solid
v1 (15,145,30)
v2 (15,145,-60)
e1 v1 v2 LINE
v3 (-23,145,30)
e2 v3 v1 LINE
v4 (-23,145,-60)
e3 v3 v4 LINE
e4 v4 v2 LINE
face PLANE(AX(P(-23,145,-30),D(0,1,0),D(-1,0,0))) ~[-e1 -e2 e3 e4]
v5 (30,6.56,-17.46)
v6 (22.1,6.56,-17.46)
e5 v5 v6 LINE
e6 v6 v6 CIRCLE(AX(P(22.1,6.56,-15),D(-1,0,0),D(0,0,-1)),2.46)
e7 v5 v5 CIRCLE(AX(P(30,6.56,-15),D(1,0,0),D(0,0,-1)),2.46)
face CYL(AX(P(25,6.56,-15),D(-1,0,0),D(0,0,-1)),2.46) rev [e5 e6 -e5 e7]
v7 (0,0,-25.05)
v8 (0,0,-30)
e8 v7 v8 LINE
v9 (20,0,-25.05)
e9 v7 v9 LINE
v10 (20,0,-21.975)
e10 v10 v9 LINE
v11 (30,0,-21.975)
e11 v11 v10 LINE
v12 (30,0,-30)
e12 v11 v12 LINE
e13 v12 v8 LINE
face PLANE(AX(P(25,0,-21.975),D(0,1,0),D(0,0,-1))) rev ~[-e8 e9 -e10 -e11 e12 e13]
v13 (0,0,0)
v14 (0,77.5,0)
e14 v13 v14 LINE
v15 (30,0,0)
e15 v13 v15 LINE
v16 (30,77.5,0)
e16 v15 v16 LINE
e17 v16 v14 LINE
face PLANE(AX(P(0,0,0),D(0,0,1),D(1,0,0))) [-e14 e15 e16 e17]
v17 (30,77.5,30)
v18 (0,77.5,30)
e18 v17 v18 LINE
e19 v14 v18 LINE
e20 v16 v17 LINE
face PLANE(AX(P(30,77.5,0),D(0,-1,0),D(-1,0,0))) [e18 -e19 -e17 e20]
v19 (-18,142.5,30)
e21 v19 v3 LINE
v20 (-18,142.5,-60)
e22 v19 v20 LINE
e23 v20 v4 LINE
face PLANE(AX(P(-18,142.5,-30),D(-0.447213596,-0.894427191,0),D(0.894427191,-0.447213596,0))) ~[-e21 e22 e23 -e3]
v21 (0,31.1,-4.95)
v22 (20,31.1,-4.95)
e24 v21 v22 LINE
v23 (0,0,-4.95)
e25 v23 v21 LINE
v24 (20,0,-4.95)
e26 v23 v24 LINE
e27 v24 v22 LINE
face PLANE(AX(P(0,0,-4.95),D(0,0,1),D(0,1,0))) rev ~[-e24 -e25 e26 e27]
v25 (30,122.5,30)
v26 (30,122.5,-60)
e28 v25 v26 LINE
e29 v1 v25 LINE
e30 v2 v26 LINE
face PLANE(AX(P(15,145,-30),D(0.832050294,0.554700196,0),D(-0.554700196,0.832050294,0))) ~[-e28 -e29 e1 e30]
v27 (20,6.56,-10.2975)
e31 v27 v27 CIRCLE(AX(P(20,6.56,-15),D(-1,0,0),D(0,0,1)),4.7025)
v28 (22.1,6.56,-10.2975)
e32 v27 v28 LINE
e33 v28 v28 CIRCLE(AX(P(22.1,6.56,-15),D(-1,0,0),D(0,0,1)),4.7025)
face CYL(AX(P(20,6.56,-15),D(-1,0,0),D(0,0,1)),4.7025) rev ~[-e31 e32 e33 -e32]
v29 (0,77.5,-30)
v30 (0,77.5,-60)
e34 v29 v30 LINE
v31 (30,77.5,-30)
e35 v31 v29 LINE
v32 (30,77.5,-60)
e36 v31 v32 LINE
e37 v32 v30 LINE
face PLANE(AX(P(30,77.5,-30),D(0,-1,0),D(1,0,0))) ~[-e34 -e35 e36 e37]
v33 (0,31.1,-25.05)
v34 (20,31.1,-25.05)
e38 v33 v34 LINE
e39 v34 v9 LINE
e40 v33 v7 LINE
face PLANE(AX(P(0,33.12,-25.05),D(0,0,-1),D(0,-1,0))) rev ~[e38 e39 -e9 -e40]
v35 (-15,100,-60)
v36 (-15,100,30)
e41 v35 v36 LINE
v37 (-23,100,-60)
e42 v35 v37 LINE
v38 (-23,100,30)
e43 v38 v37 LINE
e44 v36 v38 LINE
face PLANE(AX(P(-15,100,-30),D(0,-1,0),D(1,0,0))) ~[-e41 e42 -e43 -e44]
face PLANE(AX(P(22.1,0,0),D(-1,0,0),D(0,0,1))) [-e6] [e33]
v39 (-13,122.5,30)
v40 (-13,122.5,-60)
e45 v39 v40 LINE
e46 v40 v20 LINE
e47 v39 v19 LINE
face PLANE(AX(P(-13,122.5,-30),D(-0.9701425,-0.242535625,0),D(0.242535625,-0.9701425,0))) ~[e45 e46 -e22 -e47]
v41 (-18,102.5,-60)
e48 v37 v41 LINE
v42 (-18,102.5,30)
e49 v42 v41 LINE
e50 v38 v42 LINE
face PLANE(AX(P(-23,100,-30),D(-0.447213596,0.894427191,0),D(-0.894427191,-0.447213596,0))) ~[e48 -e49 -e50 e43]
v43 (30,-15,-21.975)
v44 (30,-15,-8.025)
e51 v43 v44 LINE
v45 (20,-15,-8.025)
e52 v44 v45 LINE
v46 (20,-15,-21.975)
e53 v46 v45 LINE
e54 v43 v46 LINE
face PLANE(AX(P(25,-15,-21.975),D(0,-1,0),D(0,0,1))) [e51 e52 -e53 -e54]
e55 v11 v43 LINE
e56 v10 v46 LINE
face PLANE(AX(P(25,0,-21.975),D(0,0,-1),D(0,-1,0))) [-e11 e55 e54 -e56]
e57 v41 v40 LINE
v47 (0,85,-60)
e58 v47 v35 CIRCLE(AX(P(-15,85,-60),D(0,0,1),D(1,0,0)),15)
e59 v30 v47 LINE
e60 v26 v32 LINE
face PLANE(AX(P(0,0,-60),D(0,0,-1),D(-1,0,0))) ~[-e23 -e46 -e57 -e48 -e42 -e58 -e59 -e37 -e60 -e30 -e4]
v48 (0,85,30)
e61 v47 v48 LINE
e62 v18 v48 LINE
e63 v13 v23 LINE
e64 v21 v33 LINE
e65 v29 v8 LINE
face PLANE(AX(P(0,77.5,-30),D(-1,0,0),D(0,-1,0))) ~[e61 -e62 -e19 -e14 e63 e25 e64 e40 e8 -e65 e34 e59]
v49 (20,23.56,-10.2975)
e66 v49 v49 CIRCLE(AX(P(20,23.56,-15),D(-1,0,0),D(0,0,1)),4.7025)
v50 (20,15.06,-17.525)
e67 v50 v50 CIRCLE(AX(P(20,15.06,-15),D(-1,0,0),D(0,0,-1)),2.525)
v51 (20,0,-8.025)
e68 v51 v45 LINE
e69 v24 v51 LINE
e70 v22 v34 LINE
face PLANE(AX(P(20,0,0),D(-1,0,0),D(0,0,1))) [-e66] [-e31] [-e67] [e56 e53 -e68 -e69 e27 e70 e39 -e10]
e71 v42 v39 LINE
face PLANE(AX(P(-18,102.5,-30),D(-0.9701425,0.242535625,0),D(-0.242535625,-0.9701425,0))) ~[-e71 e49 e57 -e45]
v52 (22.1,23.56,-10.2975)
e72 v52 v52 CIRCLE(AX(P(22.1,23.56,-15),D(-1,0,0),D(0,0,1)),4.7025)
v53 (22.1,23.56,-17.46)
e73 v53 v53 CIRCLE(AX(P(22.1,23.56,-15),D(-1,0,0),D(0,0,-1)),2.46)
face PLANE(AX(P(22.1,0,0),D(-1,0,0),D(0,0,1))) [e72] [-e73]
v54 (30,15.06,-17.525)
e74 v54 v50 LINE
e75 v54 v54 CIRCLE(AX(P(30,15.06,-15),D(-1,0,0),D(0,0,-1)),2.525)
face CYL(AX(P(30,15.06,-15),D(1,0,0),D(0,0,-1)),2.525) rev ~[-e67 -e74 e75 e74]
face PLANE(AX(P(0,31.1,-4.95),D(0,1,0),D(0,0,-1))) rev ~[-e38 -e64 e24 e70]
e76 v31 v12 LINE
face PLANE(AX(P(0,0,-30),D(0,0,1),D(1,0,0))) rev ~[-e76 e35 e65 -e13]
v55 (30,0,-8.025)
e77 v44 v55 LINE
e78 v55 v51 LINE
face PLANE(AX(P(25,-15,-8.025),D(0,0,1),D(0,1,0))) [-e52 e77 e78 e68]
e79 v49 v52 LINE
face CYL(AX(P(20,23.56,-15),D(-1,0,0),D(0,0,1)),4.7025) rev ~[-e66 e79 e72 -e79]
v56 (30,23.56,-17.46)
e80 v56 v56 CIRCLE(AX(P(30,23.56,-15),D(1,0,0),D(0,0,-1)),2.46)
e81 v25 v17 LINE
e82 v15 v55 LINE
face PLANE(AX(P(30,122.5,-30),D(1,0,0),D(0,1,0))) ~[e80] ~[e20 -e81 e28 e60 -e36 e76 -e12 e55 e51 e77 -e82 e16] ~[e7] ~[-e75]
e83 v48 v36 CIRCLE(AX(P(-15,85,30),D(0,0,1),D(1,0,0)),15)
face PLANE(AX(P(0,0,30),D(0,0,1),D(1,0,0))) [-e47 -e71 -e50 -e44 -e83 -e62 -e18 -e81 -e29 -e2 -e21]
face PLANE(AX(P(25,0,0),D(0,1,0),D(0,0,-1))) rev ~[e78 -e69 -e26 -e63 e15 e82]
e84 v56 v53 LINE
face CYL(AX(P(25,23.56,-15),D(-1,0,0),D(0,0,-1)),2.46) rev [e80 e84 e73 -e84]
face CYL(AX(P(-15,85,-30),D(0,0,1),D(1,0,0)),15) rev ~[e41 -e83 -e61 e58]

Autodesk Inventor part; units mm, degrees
ref_plane "YZ Plane" through (0, 0, 0) normal (1, 0, 0) x (0, 1, 0)
ref_plane "XZ Plane" through (0, 0, 0) normal (0, 1, 0) x (-1, 0, 0)
sketch "Sketch1" plane through (0, 0, 0) normal (0, 0, 1) x (1, 0, 0)
  line L0 (0, 0) -> (25, 0)
  line L1 (25, 0) -> (25, 40)
  line L2 (25, 40) -> (0, 40)
  line L3 (0, 40) -> (0, 0)
  dimension "d1" = 25
  dimension "d2" = 40
  dimension "d3" = 25
extrude "Extrusion1" add sketch "Sketch1" against normal blind 30
sketch "Sketch2" plane through (25, 0, 0) normal (1, 0, 0) x (0, 0, -1)
  line L0 (0, 0) -> (30, 0) projected
  circle A0 centre (15, 6.56) radius 2.46
extrude "Extrusion2" cut sketch "Sketch2" against normal blind 30
sketch "Sketch3" plane through (0, 0, 0) normal (-1, 0, 0) x (0, 0, 1)
  line L0 (0, 0) -> (-30, 0) projected
  line L1 (-25.05, 0) -> (-4.95, 0)
  line L2 (-4.95, 0) -> (-4.95, 33.12)
  line L3 (-4.95, 33.12) -> (-25.05, 33.12)
  line L4 (-25.05, 33.12) -> (-25.05, 0)
  dimension "d11" = 20.1
extrude "Extrusion3" cut sketch "Sketch3" against normal blind 20
sketch "Sketch4" plane through (0, 0, 0) normal (0, -1, 0) x (1, 0, 0)
  line L0 (20, -4.95) -> (20, -25.05) projected
  line L1 (20, -15) -> (25, -15)
  line L2 (25, 0) -> (25, -30) projected
  line L3 (20, -8.025) -> (25, -8.025)
  line L4 (25, -8.025) -> (25, -21.975)
  line L5 (25, -21.975) -> (20, -21.975)
  line L6 (20, -21.975) -> (20, -8.025)
  line L7 (20, -8.025) -> (25, -21.975) construction
  line L8 (25, -8.025) -> (20, -21.975) construction
  line L9 (25, -12.54) -> (25, -17.46) projected
  point P0 (0, 0)
  point P1 (22.5, -15)
  dimension "d14" = 13.95
extrude "Extrusion4" add sketch "Sketch4" along normal blind 15
sketch "Sketch5" plane through (20, 0, 0) normal (-1, 0, 0) x (0, 0, 1)
  circle A0 centre (-15, 6.56) radius 2.46 projected
  circle A1 centre (-15, 6.56) radius 4.7025
  circle A2 centre (-15, 6.56) radius 2.46 projected
  circle A3 centre (-15, 6.56) radius 2.46
  point P0 (0, 0)
  dimension "d17" = 9.405
extrude "Extrusion5" cut sketch "Sketch5" against normal blind 2.1
sketch "Sketch6" plane through (25, 0, 0) normal (1, 0, 0) x (0, 0, -1)
  circle A0 centre (15, 6.56) radius 4.7025 projected
  line L0 (15, 6.56) -> (15, 23.56)
  circle A1 centre (15, 23.56) radius 2.46
  point P0 (0, 0)
  dimension "d20" = 17
  dimension "d21" = 4.92
extrude "Extrusion6" cut sketch "Sketch6" against normal blind 10 contours A1
sketch "Sketch7" plane through (20, 0, 0) normal (-1, 0, 0) x (0, 0, 1)
  circle A0 centre (-15, 23.56) radius 2.46 projected
  circle A1 centre (-15, 23.56) radius 4.7025
  point P0 (0, 0)
  dimension "d24" = 9.405
extrude "Extrusion7" cut sketch "Sketch7" against normal blind 2.1
sketch "Sketch9" plane through (25, 0, 0) normal (1, 0, 0) x (0, 0, -1)
  circle A0 centre (15, 6.56) radius 2.46 projected
  circle A1 centre (15, 6.56) radius 2.46
  circle A2 centre (15, 23.56) radius 2.46 projected
  circle A3 centre (15, 23.56) radius 2.46
  line L0 (30, 40) -> (30, 0) projected
  line L1 (30, 0) -> (30, 40)
  line L2 (30, 40) -> (0, 40)
  line L3 (0, 40) -> (0, 0)
  line L4 (0, 0) -> (8.025, 0) projected
  line L5 (21.975, 0) -> (21.975, -15)
  line L6 (21.975, -15) -> (8.025, -15)
  line L7 (8.025, -15) -> (8.025, 0)
  line L8 (0, 0) -> (8.025, 0)
  line L9 (21.975, 0) -> (30, 0)
extrude "Extrusion8" add sketch "Sketch9" along normal blind 5
sketch "Sketch10" plane through (0, 40, 0) normal (0, 1, 0) x (1, 0, 0)
  line L0 (0, 30) -> (30, 30) projected
  line L1 (30, 0) -> (0, 0) projected
  line L2 (0, 30) -> (30, 30)
  line L3 (30, 30) -> (30, 0)
  line L4 (30, 0) -> (0, 0)
  line L5 (0, 0) -> (0, 30)
extrude "Extrusion9" add sketch "Sketch10" along normal blind 30
sketch "Sketch12" plane through (30, 0, 0) normal (1, 0, 0) x (0, 0, -1)
  circle A0 centre (15, 6.56) radius 2.46 projected
  line L0 (15, 6.56) -> (15, 15.06)
  circle A1 centre (15, 15.06) radius 2.525
  point P0 (0, 0)
  dimension "d31" = 8.5
  dimension "d33" = 5.05
extrude "Extrusion10" cut sketch "Sketch12" against normal blind 30 contours A1
sketch "Sketch14" plane through (0, 0, 0) normal (0, 0, 1) x (1, 0, 0)
  line L0 (30, 70) -> (0, 70) projected
  line L1 (0, 70) -> (0, 85)
  line L2 (-15, 100) -> (-23, 100)
  line L3 (30, 0) -> (30, 70) projected
  line L4 (30, 122.5) -> (30, 70)
  arc A0 (0, 85) -> (-15, 100) centre (-15, 85) ccw
  line L5 (30, 105) -> (30, 100)
  line L6 (-23, 145) -> (15, 145)
  line L7 (-18, 142.5) -> (-23, 145)
  line L8 (-18, 102.5) -> (-23, 100)
  line L9 (-18, 102.5) -> (-13, 122.5)
  line L10 (-13, 122.5) -> (-18, 142.5)
  line L11 (30, 122.5) -> (15, 145)
  point P0 (0, 0)
  point P1 (0, 100)
  dimension "d47" = 30
  dimension "d54" = 15
extrude "Extrusion12" add sketch "Sketch14" against normal blind 30
sketch "Sketch15" plane through (0, 0, -25.05) normal (-1, 0, 0) x (0, 0, 1)
  line L0 (0, 33.12) -> (20.1, 33.12) projected
  line L1 (20.1, 33.12) -> (20.1, 0) projected
  line L2 (0, 33.12) -> (20.1, 33.12)
  line L3 (20.1, 33.12) -> (20.1, 31.1)
  line L4 (20.1, 31.1) -> (0, 31.1)
  line L5 (0, 31.1) -> (0, 33.12)
  point P0 (25.05, 0)
  dimension "d57" = 2.02
extrude "Extrusion13" add sketch "Sketch15" against normal blind 20
sketch "Sketch24" plane through (0, 0, 0) normal (0, 0, 1) x (1, 0, 0)
  line L0 (-15, 100) -> (-23, 100) projected
  line L1 (-15, 100) -> (-23, 100)
  line L2 (-23, 100) -> (-18, 102.5) projected
  line L3 (-23, 100) -> (-18, 102.5)
  line L4 (-18, 102.5) -> (-13, 122.5) projected
  line L5 (-18, 102.5) -> (-13, 122.5)
  line L6 (-13, 122.5) -> (-18, 142.5) projected
  line L7 (-13, 122.5) -> (-18, 142.5)
  line L8 (-18, 142.5) -> (-23, 145) projected
  line L9 (-18, 142.5) -> (-23, 145)
  line L10 (-23, 145) -> (15, 145) projected
  line L11 (-23, 145) -> (15, 145)
  line L12 (15, 145) -> (30, 122.5) projected
  line L13 (15, 145) -> (30, 122.5)
  line L14 (30, 122.5) -> (30, 77.5)
  line L15 (30, 0) -> (30, 122.5) projected
  line L16 (30, 77.5) -> (0, 77.5)
  line L17 (0, 0) -> (0, 85) projected
  line L18 (0, 77.5) -> (0, 85)
  arc A0 (0, 85) -> (-15, 100) centre (-15, 85) ccw projected
  arc A1 (0, 85) -> (-15, 100) centre (-15, 85) ccw
  dimension "d86" = 45
extrude "Extrusion14" add sketch "Sketch24" along normal blind 30
ref_plane "Work Plane1" through (0, 0, -15) normal (0, 0, 1) x (1, 0, 0)
mirror "Mirror1" about plane through (0, 0, -15) normal (0, 0, 1) of "Extrusion14"
properties part number "rec_a_40mm_x_90mm"
